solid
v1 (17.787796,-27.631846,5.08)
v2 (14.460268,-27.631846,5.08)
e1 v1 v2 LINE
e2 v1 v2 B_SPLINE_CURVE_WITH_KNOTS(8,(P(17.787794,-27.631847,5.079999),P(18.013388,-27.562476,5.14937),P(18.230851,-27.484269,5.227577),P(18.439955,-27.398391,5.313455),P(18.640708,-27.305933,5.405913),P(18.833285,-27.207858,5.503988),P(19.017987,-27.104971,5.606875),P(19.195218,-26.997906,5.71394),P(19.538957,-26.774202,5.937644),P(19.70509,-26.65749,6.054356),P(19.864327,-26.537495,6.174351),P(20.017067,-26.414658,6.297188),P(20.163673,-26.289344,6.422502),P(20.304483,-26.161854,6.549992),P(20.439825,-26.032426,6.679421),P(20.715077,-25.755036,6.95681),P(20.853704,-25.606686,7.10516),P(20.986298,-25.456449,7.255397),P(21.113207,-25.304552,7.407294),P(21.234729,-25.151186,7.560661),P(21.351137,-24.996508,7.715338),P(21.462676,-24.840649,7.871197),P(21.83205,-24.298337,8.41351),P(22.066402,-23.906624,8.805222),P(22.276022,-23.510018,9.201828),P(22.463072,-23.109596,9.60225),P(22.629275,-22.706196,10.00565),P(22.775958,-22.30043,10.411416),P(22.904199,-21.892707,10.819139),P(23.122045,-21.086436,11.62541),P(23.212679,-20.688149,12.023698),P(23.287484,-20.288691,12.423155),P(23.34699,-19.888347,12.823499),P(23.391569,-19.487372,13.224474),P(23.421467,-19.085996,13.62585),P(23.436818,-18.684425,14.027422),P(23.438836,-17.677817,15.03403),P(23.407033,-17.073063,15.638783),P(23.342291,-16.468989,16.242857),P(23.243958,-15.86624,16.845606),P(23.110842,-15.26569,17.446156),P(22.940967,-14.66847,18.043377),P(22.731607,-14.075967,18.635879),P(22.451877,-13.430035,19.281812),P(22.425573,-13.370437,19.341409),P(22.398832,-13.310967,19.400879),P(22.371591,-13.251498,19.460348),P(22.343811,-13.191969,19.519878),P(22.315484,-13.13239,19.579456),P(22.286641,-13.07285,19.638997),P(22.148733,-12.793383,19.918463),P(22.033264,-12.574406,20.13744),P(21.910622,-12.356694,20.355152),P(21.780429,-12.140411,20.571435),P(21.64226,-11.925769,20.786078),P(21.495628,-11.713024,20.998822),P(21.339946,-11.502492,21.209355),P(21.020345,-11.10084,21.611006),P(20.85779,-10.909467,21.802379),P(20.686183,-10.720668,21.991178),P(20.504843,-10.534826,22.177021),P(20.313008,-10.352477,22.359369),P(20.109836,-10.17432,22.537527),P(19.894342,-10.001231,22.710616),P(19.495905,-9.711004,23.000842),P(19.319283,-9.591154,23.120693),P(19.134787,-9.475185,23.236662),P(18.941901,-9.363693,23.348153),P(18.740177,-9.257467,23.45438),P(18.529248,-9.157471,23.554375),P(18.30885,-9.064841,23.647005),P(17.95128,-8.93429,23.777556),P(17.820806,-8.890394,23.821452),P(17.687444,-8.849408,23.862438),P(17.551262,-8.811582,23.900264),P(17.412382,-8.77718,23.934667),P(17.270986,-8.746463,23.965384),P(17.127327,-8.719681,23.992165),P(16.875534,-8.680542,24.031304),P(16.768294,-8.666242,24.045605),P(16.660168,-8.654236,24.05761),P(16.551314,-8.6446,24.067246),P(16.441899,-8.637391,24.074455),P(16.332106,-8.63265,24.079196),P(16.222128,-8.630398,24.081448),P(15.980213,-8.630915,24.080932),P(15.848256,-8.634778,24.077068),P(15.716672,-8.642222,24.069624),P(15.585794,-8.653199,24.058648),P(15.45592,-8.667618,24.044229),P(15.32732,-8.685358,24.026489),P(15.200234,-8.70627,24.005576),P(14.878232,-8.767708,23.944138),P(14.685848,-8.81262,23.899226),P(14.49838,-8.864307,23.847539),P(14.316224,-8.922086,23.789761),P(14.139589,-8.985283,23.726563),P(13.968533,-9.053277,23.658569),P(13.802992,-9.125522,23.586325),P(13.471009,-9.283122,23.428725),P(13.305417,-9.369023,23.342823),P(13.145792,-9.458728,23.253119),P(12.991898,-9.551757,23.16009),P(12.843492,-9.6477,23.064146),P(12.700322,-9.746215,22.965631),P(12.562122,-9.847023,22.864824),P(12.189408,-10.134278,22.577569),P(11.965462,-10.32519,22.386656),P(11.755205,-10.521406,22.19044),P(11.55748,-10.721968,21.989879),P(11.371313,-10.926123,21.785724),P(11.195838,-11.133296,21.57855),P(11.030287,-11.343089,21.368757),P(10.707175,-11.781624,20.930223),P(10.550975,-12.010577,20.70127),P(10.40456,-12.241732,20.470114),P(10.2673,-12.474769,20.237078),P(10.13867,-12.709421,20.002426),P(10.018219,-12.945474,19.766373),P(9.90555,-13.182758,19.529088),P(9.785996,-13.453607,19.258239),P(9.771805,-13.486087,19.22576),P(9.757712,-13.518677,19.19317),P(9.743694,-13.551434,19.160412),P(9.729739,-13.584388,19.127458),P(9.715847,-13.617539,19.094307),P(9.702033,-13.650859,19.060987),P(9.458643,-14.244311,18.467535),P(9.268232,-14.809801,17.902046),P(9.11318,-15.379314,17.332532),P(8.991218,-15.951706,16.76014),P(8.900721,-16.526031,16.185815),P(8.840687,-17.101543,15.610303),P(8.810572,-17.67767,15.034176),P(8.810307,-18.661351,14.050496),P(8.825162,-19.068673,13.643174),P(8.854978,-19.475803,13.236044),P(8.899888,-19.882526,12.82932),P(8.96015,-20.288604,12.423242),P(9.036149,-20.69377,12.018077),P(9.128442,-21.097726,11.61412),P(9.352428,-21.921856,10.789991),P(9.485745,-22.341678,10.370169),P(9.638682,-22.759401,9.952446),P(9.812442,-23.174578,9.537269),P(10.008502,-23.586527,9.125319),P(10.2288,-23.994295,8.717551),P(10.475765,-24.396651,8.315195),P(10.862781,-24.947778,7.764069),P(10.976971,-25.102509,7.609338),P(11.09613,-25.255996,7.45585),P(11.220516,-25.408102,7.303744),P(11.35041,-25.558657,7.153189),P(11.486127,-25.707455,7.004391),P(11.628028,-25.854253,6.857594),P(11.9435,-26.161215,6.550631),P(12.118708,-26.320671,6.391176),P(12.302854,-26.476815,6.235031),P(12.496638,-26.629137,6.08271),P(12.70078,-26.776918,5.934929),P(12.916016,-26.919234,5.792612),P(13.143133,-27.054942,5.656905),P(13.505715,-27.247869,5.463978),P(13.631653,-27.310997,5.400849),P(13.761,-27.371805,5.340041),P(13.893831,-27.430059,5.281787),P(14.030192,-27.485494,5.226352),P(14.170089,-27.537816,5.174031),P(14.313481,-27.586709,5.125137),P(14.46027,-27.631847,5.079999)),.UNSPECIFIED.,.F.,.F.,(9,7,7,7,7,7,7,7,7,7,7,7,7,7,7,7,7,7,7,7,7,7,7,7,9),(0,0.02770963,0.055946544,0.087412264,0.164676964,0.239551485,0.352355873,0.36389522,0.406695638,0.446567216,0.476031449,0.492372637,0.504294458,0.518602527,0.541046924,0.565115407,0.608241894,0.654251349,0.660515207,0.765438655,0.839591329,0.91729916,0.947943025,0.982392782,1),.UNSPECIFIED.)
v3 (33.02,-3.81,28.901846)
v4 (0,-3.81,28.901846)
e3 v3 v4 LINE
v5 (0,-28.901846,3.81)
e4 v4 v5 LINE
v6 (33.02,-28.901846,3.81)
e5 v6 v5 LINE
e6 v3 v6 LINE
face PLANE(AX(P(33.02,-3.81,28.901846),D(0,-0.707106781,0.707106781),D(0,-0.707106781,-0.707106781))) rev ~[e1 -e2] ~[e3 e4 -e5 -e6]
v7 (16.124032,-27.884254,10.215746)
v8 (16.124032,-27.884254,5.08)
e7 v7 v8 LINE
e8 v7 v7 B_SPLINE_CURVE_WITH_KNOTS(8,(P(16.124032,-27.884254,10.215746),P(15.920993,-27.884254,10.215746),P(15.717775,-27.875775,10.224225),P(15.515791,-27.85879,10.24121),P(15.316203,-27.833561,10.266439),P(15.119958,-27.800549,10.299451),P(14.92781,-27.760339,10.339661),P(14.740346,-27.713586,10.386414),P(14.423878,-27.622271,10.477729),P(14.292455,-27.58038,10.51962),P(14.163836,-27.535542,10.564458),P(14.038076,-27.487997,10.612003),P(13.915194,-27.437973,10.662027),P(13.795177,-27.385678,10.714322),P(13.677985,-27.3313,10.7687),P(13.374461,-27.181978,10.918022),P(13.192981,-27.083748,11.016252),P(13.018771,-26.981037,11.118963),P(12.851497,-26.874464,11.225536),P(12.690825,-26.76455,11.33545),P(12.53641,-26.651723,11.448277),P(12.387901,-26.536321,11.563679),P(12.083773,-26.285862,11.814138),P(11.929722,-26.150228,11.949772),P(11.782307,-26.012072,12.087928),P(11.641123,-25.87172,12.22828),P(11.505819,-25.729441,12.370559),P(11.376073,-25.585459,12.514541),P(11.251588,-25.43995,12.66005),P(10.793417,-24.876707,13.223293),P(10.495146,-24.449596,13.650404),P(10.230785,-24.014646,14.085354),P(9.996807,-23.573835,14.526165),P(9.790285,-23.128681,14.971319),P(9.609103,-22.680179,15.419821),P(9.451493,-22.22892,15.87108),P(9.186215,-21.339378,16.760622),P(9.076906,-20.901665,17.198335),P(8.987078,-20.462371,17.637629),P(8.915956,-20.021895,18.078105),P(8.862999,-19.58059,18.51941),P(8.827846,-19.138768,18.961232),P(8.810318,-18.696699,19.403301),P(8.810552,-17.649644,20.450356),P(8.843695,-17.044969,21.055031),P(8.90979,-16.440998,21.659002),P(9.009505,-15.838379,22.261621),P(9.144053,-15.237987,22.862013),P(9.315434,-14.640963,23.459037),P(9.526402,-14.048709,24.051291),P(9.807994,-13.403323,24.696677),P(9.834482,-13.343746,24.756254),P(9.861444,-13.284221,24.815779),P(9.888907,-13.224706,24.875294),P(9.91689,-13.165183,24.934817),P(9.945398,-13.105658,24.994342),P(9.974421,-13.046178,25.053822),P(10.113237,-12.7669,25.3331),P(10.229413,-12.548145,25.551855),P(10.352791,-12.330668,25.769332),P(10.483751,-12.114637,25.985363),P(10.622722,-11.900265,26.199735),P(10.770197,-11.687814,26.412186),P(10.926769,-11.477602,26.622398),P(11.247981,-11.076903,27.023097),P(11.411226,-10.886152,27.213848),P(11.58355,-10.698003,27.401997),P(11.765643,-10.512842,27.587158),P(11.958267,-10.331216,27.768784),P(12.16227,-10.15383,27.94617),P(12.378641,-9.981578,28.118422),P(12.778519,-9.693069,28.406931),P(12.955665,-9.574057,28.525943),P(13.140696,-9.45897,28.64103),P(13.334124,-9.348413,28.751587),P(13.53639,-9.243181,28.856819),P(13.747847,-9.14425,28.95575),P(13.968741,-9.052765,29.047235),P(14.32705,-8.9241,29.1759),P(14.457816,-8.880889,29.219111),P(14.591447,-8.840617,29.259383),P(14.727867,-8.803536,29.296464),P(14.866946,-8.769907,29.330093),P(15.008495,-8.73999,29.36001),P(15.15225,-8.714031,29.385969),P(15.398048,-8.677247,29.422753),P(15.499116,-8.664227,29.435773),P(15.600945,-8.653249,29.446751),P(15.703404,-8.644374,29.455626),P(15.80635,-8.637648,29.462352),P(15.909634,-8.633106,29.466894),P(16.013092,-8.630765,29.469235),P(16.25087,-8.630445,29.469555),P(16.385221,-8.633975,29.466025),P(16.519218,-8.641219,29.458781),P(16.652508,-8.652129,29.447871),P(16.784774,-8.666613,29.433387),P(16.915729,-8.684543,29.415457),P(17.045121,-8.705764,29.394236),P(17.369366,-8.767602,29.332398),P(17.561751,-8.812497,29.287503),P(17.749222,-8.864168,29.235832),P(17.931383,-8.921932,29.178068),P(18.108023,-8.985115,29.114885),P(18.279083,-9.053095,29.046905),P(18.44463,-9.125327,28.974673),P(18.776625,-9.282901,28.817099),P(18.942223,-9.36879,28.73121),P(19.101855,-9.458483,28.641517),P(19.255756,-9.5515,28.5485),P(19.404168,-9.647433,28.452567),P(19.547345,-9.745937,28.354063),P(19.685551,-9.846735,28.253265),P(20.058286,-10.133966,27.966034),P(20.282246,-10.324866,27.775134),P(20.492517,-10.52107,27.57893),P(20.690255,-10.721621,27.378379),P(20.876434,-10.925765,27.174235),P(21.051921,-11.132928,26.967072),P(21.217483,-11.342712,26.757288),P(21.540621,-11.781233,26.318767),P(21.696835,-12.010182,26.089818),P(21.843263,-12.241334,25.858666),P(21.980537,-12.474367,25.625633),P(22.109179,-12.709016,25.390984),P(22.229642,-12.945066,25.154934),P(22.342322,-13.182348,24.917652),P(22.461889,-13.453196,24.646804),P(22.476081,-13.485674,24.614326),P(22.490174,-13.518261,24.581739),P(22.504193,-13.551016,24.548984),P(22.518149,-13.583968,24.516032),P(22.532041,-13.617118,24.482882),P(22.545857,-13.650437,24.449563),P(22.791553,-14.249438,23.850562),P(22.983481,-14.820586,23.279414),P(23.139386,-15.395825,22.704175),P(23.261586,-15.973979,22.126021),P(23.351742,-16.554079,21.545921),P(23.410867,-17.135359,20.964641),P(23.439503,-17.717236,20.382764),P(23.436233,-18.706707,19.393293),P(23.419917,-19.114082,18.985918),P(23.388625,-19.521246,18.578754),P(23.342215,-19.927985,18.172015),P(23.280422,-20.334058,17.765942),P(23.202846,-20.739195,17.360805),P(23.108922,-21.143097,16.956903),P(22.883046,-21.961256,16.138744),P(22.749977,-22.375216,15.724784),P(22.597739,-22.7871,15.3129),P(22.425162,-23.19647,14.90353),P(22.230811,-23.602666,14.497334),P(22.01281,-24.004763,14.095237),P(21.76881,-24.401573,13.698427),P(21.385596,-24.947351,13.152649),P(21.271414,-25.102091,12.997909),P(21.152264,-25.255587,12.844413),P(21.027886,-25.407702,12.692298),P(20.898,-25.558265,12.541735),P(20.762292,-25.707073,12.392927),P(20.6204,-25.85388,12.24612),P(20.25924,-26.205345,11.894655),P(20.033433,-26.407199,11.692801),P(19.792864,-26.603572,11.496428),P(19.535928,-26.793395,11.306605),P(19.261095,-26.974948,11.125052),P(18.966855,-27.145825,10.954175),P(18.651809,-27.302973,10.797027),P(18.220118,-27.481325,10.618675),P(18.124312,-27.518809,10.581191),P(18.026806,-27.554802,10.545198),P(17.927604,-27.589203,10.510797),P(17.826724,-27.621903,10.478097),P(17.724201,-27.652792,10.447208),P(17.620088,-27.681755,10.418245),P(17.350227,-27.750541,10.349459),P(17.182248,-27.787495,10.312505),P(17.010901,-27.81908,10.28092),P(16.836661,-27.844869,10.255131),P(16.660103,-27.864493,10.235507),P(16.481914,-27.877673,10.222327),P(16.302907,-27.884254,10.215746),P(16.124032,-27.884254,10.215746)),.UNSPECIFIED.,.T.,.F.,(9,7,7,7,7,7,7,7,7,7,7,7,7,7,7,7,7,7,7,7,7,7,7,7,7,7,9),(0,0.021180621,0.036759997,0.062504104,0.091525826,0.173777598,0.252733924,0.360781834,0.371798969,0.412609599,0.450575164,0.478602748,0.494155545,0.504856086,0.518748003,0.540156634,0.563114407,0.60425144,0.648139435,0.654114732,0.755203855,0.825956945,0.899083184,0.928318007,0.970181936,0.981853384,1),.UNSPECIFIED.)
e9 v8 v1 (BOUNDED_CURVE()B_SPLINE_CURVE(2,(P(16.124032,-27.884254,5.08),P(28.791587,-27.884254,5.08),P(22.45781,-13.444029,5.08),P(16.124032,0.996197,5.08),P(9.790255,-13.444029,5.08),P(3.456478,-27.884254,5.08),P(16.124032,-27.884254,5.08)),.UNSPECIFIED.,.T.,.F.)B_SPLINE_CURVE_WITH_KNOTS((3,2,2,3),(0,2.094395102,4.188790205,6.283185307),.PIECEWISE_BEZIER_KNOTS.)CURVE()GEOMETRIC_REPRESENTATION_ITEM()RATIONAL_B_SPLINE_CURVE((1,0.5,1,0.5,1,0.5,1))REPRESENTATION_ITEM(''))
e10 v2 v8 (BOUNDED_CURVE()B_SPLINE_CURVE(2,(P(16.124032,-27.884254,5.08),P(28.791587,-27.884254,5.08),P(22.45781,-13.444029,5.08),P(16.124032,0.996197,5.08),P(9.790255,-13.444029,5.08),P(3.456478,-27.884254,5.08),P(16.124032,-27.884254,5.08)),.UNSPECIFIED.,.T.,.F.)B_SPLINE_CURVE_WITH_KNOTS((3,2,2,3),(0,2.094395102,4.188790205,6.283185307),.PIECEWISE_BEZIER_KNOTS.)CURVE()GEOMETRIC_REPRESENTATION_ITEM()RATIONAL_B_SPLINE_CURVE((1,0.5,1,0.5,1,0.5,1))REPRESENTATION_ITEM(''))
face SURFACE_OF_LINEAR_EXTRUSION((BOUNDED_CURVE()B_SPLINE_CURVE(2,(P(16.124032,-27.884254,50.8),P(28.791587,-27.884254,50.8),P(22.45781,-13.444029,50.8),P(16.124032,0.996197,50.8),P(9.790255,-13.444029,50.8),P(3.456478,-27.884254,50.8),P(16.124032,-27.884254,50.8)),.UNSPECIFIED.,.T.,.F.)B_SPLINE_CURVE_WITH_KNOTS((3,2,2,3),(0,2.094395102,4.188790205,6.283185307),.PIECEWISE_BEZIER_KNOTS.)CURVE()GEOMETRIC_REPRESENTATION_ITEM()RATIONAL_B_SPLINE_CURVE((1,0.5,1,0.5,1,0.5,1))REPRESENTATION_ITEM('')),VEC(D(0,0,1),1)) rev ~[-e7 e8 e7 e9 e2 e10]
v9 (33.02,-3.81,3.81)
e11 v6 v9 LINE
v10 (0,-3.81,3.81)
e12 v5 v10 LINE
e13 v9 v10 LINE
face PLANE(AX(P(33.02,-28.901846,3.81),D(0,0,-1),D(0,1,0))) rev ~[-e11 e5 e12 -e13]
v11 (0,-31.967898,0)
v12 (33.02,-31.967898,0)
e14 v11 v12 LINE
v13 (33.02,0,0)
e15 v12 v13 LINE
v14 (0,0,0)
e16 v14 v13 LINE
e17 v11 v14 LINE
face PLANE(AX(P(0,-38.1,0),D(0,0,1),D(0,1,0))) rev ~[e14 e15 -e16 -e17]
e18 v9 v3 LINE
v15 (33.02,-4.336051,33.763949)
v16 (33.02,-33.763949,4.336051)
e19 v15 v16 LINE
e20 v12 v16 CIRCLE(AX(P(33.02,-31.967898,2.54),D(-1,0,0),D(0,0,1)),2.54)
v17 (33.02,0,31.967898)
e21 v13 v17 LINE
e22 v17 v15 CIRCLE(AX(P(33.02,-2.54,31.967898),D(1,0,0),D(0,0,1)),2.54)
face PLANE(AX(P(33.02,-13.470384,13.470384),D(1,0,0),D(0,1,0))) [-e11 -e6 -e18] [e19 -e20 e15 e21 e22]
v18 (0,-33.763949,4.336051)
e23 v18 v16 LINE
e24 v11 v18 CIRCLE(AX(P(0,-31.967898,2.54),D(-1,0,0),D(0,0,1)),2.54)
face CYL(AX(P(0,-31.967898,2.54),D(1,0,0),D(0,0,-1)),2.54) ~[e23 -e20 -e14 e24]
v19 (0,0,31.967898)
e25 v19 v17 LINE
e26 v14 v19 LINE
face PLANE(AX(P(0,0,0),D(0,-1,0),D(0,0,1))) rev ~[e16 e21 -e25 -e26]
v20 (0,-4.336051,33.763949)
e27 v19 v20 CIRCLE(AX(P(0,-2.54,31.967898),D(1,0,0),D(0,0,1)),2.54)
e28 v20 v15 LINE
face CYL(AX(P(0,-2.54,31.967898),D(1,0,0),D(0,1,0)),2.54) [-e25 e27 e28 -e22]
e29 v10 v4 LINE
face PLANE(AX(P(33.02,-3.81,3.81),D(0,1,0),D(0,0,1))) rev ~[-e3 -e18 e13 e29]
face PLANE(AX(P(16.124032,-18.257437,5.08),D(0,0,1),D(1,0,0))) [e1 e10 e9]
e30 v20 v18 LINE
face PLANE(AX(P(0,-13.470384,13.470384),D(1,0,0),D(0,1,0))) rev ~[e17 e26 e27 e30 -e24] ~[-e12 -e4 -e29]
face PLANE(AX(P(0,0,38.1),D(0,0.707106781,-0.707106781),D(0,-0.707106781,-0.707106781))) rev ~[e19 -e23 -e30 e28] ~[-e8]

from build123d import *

# Parameters (mm, degrees)
F1_DEPTH = 33.02
F2_R     = 2.54
F4_DEPTH = 33.021
F7_DEPTH = 45.72


with BuildPart() as f1:
    # F0 (on Right) → F1 (new body)
    with BuildSketch(Plane.YZ):
        Polygon((-38.1, 0), (0, 0), (0, 38.1), align=None)
    extrude(amount=F1_DEPTH)

    # F2
    f2_edges = [f1.edges().sort_by_distance(p)[0] for p in [
        (16.51, 0, 38.1),
        (16.51, -38.1, 0),
    ]]
    fillet(f2_edges, radius=F2_R)

    # F3 (on face) → F4 (cut, through all)
    with BuildSketch(Plane.YZ.offset(33.02)):
        Polygon((-28.9018463274, 3.81), (-3.81, 3.81), (-3.81, 28.9018463274), align=None)
    extrude(amount=-F4_DEPTH, mode=Mode.SUBTRACT)

    # F6 (on offset) → F7 (cut)
    with BuildSketch(Plane.XY.offset(50.8)):
        with BuildLine():
            add(Edge.make_bspline(
                [(16.1240324378, -27.884254232), (28.7915867598, -27.884254232), (22.4578095988, -13.4440287948), (16.1240324378, 0.9961966425), (9.7902552768, -13.4440287948), (3.4564781158, -27.884254232), (16.1240324378, -27.884254232)],
                knots=[0, 0, 0, 2.0943951024, 2.0943951024, 4.1887902048, 4.1887902048, 6.2831853072, 6.2831853072, 6.2831853072], degree=2, weights=[1, 0.5, 1, 0.5, 1, 0.5, 1]))
        make_face()
    extrude(amount=-F7_DEPTH, mode=Mode.SUBTRACT)


solid = f1.part
